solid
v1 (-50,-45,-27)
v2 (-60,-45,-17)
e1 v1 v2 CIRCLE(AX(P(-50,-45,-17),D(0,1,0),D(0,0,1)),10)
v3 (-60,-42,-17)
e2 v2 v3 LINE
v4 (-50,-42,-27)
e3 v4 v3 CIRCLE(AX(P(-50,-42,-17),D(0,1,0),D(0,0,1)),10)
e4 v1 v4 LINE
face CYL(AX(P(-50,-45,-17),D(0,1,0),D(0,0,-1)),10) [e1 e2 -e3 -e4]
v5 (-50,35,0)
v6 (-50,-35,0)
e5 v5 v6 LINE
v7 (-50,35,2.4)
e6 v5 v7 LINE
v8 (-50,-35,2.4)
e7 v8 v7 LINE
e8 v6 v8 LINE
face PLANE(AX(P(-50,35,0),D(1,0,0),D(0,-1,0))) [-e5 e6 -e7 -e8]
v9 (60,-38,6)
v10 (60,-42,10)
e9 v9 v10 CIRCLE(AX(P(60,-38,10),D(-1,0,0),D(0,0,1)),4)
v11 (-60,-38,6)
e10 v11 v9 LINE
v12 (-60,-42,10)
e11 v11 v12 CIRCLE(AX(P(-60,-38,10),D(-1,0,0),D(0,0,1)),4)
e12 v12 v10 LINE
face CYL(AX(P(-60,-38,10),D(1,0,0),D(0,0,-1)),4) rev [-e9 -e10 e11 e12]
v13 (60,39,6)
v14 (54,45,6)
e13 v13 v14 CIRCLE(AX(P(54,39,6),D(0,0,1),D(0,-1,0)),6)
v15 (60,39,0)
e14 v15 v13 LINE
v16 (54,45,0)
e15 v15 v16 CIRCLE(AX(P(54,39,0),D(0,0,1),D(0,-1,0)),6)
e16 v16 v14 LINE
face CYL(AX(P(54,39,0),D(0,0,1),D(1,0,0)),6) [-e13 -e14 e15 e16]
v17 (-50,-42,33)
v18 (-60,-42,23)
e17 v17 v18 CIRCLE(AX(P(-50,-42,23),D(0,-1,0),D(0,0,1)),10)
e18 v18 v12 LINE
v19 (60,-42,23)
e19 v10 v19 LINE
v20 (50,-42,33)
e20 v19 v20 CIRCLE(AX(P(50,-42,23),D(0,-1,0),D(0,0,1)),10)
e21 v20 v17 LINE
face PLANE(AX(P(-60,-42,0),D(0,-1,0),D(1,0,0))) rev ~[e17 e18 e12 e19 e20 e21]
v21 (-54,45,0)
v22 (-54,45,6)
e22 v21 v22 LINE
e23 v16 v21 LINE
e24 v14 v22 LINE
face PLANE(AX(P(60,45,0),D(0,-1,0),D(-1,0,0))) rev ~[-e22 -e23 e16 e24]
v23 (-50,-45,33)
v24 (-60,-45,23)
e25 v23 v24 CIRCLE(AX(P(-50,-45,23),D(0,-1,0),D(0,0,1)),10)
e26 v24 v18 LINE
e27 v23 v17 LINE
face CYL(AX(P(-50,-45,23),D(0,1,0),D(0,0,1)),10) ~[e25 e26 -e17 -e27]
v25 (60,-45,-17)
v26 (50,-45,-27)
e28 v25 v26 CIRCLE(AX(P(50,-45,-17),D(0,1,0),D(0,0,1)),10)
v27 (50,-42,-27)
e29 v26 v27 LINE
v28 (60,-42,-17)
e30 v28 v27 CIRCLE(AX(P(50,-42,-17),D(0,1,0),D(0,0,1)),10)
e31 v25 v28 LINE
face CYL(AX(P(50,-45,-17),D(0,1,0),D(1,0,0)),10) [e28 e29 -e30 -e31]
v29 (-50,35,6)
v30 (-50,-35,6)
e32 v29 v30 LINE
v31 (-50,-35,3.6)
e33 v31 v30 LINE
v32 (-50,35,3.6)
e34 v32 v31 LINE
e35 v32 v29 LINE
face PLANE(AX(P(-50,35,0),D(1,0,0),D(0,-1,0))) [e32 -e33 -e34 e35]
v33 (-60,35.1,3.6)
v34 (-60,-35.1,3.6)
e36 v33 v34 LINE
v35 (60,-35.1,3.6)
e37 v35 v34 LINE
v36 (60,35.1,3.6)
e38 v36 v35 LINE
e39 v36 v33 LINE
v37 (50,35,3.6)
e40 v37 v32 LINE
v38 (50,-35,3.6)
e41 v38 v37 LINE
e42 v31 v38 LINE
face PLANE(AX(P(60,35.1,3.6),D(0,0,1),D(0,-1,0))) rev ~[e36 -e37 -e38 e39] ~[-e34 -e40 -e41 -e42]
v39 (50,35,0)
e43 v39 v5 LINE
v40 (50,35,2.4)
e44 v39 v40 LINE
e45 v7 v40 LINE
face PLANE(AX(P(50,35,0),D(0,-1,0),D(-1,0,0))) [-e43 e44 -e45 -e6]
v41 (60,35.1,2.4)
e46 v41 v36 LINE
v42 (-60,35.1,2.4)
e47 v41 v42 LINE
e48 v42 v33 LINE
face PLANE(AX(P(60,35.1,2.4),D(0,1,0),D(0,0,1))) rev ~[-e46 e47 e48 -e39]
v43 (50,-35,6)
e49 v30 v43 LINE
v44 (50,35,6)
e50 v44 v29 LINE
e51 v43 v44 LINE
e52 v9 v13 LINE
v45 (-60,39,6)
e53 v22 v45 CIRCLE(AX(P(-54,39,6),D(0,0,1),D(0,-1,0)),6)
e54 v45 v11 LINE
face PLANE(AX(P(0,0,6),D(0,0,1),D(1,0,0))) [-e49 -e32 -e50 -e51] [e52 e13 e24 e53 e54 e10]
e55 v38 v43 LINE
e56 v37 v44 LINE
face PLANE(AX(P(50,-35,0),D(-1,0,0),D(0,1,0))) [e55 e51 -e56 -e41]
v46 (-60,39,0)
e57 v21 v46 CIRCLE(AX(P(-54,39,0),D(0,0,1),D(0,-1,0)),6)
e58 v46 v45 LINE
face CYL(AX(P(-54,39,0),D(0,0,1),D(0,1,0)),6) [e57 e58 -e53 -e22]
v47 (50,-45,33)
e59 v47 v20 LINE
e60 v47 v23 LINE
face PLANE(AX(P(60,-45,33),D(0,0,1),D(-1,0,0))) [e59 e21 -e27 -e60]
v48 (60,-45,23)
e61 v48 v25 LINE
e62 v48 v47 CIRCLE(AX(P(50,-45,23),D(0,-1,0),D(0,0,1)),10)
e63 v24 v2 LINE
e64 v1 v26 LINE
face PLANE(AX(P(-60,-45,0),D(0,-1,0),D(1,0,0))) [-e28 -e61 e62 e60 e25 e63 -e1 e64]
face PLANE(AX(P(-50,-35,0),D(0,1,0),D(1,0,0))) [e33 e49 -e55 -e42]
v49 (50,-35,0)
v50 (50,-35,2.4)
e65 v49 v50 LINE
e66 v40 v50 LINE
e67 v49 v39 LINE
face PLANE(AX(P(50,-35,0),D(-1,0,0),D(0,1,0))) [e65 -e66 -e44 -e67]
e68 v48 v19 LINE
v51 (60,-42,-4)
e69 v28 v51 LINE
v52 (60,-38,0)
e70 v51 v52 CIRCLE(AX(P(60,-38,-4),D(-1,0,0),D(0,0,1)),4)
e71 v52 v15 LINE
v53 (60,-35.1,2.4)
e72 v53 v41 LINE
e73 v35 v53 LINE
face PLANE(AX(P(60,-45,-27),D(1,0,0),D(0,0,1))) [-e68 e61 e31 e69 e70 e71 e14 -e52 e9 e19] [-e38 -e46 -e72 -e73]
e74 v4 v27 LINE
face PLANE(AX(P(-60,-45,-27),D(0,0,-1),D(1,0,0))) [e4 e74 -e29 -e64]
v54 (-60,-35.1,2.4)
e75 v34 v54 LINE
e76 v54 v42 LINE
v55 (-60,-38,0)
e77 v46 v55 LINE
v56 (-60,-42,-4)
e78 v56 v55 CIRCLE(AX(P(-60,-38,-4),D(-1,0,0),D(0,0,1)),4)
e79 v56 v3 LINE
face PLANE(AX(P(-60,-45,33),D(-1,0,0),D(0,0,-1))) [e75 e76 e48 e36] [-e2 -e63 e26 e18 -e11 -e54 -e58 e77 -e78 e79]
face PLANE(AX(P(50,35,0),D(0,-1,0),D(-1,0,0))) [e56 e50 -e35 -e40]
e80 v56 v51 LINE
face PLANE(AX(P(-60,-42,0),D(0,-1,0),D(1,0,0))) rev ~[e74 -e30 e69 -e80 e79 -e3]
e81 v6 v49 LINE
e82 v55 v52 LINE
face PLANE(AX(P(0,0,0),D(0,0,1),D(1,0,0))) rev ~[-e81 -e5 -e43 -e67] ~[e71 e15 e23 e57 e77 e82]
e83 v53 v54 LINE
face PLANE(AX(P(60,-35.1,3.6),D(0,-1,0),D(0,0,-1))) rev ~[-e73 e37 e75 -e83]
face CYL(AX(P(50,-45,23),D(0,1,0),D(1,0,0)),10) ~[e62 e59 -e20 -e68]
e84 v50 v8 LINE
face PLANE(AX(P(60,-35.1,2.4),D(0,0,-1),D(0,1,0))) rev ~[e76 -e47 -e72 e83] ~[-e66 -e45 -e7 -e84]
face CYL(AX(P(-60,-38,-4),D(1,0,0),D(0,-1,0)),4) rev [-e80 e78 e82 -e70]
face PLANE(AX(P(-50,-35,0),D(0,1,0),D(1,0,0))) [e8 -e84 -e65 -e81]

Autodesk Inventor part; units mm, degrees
ref_plane "YZ Plane" through (0, 0, 0) normal (1, 0, 0) x (0, 1, 0)
ref_plane "XZ Plane" through (0, 0, 0) normal (0, 1, 0) x (-1, 0, 0)
ref_plane "XY Plane" through (0, 0, 0) normal (0, 0, 1) x (1, 0, 0)
sketch "Sketch1" plane through (0, 0, 0) normal (0, 0, 1) x (1, 0, 0)
  line L0 (-60, -45) -> (60, -45)
  line L1 (60, -45) -> (60, 45)
  line L2 (60, 45) -> (-60, 45)
  line L3 (-60, 45) -> (-60, -45)
  line L4 (-60, -45) -> (60, 45) construction
  line L5 (60, -45) -> (-60, 45) construction
  line L6 (-50, -35) -> (50, -35)
  line L7 (50, -35) -> (50, 35)
  line L8 (50, 35) -> (-50, 35)
  line L9 (-50, 35) -> (-50, -35)
  line L10 (-50, -35) -> (50, 35) construction
  line L11 (50, -35) -> (-50, 35) construction
  point P0 (0, 0)
  dimension "d0" = 120
  dimension "d1" = 90
  dimension "d2" = 100
  dimension "d3" = 70
extrude "Extrusion1" add sketch "Sketch1" along normal blind 6
sketch "Sketch2" plane through (60, -45, 0) normal (1, 0, 0) x (0, 0, -1)
  line L0 (0, 0) -> (0, 90) projected
  line L1 (0, 90) -> (-6, 90) projected
  line L2 (-6, 0) -> (-6, 90) projected
  line L3 (0, 0) -> (-6, 0) projected
  line L4 (0, 45) -> (-3, 45)
  line L5 (-3.6, 9.9) -> (-2.4, 9.9)
  line L6 (-2.4, 9.9) -> (-2.4, 80.1)
  line L7 (-2.4, 80.1) -> (-3.6, 80.1)
  line L8 (-3.6, 80.1) -> (-3.6, 9.9)
  line L9 (-3.6, 9.9) -> (-2.4, 80.1) construction
  line L10 (-2.4, 9.9) -> (-3.6, 80.1) construction
  dimension "d6" = 3
  dimension "d7" = 1.2
  dimension "d8" = 70.2
extrude "Extrusion2" cut sketch "Sketch2" against normal blind 120 contours L6 L5 L8 L7
sketch "Sketch3" plane through (-60, -45, 0) normal (0, -1, 0) x (1, 0, 0)
  line L0 (60, 0) -> (60, 3)
  line L1 (120, 33) -> (0, 33)
  line L2 (0, 33) -> (0, -27)
  line L3 (0, -27) -> (120, -27)
  line L4 (120, -27) -> (120, 33)
  line L5 (120, 33) -> (0, -27) construction
  line L6 (0, 33) -> (120, -27) construction
  dimension "d11" = 3
  dimension "d12" = 120
  dimension "d13" = 60
extrude "Extrusion3" add sketch "Sketch3" against normal blind 3
fillet "Fillet1" radius 4 2 edges at (0, -42, 6) (0, -42, 0)
fillet "Fillet2" radius 6 2 edges at (-60, 45, 3) (60, 45, 3)
fillet "Fillet3" radius 10 4 edges at (60, -43.5, 33) (60, -43.5, -27) (-60, -43.5, 33) (-60, -43.5, -27)
equation "\"d0\" = tot_w"
equation "\"d1\" = tot_h"
equation "\"d2\" = window_width"
equation "\"d3\" = window_height"
equation "\"d4\" = tot_t"
equation "\"d6\" = 0.5 * tot_t"
equation "\"d7\" = t + 2 * offset"
equation "\"d8\" = window_height + 2 * offset"
equation "\"d9\" = tot_w"
equation "\"d11\" = 0.5 * tot_t"
equation "\"d12\" = tot_w"
equation "\"d13\" = base_w"
equation "\"window_width\" = 100"
equation "\"window_height\" = 70"
equation "\"t\" = 1"
equation "\"offset\" = 0.1"
equation "\"tot_t\" = 6"
equation "\"tot_w\" = 120"
equation "\"tot_h\" = 90"
equation "\"base_w\" = 60"
properties part number "light_frame_v1"
